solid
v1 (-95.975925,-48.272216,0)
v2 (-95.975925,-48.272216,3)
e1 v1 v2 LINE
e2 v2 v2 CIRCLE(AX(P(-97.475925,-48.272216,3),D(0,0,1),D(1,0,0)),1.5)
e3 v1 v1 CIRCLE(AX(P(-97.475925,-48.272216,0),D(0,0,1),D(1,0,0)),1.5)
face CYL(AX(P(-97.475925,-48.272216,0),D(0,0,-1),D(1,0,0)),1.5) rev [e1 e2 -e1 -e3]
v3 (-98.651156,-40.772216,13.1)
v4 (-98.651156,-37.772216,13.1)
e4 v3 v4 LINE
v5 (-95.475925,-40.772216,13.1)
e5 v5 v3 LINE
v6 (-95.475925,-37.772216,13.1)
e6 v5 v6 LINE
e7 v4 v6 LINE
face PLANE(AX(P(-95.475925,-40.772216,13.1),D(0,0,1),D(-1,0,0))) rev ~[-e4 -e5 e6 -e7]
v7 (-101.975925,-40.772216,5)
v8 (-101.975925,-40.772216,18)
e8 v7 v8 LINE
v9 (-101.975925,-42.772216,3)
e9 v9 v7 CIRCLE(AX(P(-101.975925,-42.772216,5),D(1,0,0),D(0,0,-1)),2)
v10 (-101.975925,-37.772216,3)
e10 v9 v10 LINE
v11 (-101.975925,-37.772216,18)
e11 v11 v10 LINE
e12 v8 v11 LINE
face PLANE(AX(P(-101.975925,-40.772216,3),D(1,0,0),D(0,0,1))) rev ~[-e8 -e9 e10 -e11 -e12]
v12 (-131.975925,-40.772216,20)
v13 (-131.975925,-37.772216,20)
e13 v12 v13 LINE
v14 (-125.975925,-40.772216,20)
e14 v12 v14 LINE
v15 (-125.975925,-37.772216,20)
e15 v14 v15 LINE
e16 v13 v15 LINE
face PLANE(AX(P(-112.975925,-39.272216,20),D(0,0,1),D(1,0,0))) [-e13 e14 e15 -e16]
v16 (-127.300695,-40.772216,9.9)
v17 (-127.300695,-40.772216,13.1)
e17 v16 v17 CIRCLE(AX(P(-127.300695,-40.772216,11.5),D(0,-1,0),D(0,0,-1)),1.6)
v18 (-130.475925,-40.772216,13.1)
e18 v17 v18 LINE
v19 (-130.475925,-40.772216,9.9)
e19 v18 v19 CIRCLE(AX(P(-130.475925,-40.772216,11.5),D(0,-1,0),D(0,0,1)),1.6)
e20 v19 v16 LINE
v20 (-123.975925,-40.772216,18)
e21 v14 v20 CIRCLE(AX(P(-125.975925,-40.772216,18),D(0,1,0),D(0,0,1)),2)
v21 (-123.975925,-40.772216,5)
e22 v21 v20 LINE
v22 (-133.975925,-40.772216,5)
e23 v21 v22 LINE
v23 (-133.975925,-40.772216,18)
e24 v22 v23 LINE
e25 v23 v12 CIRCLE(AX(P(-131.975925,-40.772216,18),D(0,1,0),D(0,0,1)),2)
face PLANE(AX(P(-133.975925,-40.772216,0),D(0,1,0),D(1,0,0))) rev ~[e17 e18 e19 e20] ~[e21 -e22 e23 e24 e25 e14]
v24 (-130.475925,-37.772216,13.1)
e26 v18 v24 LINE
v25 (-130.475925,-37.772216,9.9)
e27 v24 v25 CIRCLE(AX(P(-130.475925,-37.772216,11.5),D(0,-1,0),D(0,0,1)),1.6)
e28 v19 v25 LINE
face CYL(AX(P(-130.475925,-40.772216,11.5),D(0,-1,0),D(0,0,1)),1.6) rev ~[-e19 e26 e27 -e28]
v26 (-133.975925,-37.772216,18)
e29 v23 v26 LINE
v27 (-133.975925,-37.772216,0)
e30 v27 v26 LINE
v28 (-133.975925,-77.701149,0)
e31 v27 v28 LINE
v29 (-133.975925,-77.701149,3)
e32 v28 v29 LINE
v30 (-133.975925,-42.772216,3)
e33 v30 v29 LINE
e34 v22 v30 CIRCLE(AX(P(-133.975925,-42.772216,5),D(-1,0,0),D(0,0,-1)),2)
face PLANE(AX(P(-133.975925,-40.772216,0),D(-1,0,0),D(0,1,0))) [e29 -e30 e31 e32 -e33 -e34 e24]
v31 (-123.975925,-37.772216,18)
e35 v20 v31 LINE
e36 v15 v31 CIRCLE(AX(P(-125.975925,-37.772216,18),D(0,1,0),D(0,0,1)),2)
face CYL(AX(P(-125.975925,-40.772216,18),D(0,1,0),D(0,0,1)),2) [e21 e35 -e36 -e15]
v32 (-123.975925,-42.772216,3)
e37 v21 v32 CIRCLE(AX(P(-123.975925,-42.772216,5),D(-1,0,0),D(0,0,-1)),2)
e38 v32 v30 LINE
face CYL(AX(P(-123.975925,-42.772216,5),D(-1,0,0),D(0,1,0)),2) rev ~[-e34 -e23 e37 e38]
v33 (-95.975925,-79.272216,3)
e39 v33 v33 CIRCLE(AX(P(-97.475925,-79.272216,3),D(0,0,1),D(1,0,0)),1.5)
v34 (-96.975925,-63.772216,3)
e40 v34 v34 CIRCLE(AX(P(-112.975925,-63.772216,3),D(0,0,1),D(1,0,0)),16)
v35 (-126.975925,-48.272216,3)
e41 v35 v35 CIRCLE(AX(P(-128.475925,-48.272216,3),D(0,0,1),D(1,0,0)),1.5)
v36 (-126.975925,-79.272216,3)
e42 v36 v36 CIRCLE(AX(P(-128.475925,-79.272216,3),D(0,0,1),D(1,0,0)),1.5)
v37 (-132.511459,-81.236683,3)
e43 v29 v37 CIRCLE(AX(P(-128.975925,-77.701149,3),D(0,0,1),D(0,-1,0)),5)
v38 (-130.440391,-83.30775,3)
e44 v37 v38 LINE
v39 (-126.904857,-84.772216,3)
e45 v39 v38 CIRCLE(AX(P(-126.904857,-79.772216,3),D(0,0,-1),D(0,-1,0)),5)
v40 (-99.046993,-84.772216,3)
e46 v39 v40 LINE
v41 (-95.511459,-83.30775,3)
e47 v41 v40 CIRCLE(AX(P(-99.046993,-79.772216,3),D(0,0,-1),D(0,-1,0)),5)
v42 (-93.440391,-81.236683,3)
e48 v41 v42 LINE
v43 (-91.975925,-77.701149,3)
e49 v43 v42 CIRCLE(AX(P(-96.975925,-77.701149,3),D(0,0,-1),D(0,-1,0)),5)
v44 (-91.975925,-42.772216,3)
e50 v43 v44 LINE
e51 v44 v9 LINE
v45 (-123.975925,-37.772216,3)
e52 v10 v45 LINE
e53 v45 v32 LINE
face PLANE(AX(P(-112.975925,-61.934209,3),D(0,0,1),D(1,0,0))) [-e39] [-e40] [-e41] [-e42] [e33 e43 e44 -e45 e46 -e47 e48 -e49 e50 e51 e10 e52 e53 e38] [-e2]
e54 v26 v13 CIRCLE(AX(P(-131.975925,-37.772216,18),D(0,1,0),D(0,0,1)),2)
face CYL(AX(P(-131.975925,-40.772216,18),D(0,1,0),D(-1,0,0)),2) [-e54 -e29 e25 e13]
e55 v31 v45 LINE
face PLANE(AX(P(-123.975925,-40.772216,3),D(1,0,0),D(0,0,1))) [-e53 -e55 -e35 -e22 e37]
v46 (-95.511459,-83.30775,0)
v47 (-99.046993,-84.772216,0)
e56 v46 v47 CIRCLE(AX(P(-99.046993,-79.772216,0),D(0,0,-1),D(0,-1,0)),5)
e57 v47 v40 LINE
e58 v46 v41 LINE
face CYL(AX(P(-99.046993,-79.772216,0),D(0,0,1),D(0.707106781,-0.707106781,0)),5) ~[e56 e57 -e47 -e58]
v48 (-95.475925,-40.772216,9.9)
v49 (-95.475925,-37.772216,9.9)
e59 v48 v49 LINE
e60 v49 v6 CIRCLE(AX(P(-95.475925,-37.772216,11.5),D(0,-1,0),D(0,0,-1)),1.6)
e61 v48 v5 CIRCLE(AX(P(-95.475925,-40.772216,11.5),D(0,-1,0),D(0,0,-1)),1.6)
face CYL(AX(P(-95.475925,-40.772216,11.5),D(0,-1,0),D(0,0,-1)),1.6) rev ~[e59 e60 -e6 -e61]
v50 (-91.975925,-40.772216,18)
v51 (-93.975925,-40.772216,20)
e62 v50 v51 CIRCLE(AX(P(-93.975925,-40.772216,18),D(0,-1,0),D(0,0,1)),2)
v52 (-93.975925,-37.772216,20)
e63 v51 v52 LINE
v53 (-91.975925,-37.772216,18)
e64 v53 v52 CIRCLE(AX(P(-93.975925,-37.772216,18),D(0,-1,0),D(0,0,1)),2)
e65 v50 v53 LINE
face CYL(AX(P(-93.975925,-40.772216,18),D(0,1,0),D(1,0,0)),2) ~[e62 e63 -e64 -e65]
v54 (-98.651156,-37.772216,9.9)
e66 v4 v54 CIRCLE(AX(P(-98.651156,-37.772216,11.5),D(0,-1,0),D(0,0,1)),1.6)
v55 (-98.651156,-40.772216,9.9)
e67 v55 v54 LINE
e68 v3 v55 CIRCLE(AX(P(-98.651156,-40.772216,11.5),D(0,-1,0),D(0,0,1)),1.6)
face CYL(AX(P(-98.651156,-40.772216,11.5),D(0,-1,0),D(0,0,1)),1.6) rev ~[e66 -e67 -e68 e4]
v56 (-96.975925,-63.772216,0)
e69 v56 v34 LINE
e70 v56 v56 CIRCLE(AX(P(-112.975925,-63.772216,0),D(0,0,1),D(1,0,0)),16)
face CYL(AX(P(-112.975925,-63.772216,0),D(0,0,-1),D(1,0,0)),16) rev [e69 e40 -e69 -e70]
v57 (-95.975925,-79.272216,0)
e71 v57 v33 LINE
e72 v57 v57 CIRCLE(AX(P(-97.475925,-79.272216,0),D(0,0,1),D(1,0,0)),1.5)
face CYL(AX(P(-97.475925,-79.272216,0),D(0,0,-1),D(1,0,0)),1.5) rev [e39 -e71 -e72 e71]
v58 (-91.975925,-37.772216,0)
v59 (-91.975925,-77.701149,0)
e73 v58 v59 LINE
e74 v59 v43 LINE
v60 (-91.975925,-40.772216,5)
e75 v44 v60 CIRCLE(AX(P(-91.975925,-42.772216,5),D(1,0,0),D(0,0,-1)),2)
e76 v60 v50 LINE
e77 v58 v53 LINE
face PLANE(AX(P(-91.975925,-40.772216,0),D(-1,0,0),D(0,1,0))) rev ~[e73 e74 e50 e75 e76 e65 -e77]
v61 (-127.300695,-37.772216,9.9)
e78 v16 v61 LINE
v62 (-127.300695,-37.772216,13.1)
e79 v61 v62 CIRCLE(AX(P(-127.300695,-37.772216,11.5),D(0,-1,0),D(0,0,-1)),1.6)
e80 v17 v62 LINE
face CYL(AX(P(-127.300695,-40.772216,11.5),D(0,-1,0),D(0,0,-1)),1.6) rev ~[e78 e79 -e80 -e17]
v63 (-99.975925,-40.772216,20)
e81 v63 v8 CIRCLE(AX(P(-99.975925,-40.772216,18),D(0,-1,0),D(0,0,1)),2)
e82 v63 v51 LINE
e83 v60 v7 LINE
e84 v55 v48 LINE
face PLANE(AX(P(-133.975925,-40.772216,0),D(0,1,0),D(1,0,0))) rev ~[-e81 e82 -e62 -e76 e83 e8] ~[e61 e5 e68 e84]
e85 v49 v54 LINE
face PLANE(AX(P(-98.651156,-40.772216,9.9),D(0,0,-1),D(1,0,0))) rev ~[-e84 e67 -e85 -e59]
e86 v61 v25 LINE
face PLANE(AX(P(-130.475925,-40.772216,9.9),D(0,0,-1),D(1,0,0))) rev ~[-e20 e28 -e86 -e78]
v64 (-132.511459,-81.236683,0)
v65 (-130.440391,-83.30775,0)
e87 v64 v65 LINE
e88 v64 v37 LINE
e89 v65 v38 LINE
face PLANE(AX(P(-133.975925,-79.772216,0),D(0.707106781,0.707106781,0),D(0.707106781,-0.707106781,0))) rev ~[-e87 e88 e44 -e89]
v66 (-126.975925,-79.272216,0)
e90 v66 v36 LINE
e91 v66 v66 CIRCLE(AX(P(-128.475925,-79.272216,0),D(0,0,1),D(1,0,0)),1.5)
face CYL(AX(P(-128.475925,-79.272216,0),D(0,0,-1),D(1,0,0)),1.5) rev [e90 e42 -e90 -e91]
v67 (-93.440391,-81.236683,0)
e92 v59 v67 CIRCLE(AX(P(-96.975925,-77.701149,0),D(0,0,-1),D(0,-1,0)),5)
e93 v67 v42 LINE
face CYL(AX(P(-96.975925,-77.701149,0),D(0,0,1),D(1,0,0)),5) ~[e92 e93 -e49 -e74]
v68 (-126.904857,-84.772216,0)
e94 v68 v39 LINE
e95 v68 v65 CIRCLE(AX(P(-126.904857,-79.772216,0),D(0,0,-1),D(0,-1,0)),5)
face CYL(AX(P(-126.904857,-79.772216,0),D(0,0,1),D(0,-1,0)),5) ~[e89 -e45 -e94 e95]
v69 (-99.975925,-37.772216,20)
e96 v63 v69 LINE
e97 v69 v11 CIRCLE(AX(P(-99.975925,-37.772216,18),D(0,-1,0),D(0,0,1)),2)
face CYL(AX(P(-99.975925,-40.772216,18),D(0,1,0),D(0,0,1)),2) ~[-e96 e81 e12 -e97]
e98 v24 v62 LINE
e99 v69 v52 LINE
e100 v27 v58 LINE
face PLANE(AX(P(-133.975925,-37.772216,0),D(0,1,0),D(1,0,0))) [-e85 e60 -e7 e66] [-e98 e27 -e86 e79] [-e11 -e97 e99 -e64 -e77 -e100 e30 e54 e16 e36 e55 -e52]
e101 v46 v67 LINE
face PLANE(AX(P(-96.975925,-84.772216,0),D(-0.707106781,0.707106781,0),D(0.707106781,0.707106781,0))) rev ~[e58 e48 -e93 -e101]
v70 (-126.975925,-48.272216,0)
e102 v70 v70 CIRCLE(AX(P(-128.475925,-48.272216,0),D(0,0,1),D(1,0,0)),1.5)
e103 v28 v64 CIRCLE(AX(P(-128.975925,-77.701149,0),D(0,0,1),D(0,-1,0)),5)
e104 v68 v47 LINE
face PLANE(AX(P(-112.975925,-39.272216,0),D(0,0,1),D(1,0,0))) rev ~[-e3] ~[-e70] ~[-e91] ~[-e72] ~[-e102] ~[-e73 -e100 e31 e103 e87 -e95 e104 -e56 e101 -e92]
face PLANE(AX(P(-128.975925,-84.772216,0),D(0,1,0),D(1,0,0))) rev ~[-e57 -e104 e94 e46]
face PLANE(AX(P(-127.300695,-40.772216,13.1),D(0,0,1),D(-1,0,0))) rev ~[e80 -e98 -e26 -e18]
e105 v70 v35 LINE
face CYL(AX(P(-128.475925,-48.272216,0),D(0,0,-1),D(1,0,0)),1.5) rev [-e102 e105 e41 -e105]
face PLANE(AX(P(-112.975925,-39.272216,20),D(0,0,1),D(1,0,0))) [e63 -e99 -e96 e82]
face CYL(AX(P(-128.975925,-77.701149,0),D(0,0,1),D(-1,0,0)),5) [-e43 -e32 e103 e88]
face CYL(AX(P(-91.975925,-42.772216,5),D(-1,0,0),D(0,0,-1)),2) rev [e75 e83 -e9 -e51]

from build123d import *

# Parameters (mm, degrees)
F0_R     = 1.5
F0_R_2   = 16
F1_DEPTH = 3
F0_W     = 42
F0_H     = 3
F2_DEPTH = 20
F4_DEPTH = 25
F3_W     = 22
F3_H     = 17
F5_DEPTH = 25
F6_R     = 2
F7_R     = 5


with BuildPart() as f1:
    # F0 (on Top) → F1 (new body)
    with BuildSketch(Plane.XY):
        Polygon((-96.9759252071, -84.7722164392), (-91.9759252071, -79.7722164392), (-91.9759252071, -47.7722164392), (-91.9759252071, -42.7722164392), (-91.9759252071, -40.7722164392), (-133.9759252071, -40.7722164392), (-133.9759252071, -42.7722164392), (-133.9759252071, -47.7722164392), (-133.9759252071, -79.7722164392), (-128.9759252071, -84.7722164392), align=None)
        with Locations((-128.4759252071, -79.2722164392)):
            Circle(F0_R, mode=Mode.SUBTRACT)
        with Locations((-97.4759252071, -79.2722164392)):
            Circle(F0_R, mode=Mode.SUBTRACT)
        with Locations((-112.9759252071, -63.7722164392)):
            Circle(F0_R_2, mode=Mode.SUBTRACT)
        with Locations((-128.4759252071, -48.2722164392)):
            Circle(F0_R, mode=Mode.SUBTRACT)
        with Locations((-97.4759252071, -48.2722164392)):
            Circle(F0_R, mode=Mode.SUBTRACT)
    extrude(amount=F1_DEPTH)

    # F0 (on Top) → F2 (join)
    with BuildSketch(Plane.XY):
        with Locations((-112.9759252071, -39.2722164392)):
            Rectangle(F0_W, F0_H)
    extrude(amount=F2_DEPTH)

    # F3 (on face) → F4 (cut)
    with BuildSketch(Plane.XZ.offset(40.7722164392)):
        with BuildLine():
            ThreePointArc((-95.4759252071, 9.9), (-93.8759252071, 11.5), (-95.4759252071, 13.1))
            Line((-95.4759252071, 13.1), (-98.6511558294, 13.1))
            ThreePointArc((-98.6511558294, 13.1), (-100.2511558294, 11.5), (-98.6511558294, 9.9))
            Line((-98.6511558294, 9.9), (-95.4759252071, 9.9))
        make_face()
        with BuildLine():
            Line((-127.3006945848, 13.1), (-130.4759252071, 13.1))
            ThreePointArc((-130.4759252071, 13.1), (-132.0759252071, 11.5), (-130.4759252071, 9.9))
            Line((-130.4759252071, 9.9), (-127.3006945848, 9.9))
            ThreePointArc((-127.3006945848, 9.9), (-125.7006945848, 11.5), (-127.3006945848, 13.1))
        make_face()
    extrude(amount=-F4_DEPTH, mode=Mode.SUBTRACT)

    # F3 (on face) → F5 (cut)
    with BuildSketch(Plane.XZ.offset(40.7722164392)):
        with Locations((-112.9759252071, 11.5)):
            Rectangle(F3_W, F3_H)
    extrude(amount=-F5_DEPTH, mode=Mode.SUBTRACT)

    # F6
    f6_edges = [f1.edges().sort_by_distance(p)[0] for p in [
        (-96.975925, -40.772216, 3),
        (-128.975925, -40.772216, 3),
        (-91.975925, -39.272216, 20),
        (-101.975925, -39.272216, 20),
        (-123.975925, -39.272216, 20),
        (-133.975925, -39.272216, 20),
    ]]
    fillet(f6_edges, radius=F6_R)

    # F7
    f7_edges = [f1.edges().sort_by_distance(p)[0] for p in [
        (-133.975925, -79.772216, 1.5),
        (-128.975925, -84.772216, 1.5),
        (-96.975925, -84.772216, 1.5),
        (-91.975925, -79.772216, 1.5),
    ]]
    fillet(f7_edges, radius=F7_R)


solid = f1.part
